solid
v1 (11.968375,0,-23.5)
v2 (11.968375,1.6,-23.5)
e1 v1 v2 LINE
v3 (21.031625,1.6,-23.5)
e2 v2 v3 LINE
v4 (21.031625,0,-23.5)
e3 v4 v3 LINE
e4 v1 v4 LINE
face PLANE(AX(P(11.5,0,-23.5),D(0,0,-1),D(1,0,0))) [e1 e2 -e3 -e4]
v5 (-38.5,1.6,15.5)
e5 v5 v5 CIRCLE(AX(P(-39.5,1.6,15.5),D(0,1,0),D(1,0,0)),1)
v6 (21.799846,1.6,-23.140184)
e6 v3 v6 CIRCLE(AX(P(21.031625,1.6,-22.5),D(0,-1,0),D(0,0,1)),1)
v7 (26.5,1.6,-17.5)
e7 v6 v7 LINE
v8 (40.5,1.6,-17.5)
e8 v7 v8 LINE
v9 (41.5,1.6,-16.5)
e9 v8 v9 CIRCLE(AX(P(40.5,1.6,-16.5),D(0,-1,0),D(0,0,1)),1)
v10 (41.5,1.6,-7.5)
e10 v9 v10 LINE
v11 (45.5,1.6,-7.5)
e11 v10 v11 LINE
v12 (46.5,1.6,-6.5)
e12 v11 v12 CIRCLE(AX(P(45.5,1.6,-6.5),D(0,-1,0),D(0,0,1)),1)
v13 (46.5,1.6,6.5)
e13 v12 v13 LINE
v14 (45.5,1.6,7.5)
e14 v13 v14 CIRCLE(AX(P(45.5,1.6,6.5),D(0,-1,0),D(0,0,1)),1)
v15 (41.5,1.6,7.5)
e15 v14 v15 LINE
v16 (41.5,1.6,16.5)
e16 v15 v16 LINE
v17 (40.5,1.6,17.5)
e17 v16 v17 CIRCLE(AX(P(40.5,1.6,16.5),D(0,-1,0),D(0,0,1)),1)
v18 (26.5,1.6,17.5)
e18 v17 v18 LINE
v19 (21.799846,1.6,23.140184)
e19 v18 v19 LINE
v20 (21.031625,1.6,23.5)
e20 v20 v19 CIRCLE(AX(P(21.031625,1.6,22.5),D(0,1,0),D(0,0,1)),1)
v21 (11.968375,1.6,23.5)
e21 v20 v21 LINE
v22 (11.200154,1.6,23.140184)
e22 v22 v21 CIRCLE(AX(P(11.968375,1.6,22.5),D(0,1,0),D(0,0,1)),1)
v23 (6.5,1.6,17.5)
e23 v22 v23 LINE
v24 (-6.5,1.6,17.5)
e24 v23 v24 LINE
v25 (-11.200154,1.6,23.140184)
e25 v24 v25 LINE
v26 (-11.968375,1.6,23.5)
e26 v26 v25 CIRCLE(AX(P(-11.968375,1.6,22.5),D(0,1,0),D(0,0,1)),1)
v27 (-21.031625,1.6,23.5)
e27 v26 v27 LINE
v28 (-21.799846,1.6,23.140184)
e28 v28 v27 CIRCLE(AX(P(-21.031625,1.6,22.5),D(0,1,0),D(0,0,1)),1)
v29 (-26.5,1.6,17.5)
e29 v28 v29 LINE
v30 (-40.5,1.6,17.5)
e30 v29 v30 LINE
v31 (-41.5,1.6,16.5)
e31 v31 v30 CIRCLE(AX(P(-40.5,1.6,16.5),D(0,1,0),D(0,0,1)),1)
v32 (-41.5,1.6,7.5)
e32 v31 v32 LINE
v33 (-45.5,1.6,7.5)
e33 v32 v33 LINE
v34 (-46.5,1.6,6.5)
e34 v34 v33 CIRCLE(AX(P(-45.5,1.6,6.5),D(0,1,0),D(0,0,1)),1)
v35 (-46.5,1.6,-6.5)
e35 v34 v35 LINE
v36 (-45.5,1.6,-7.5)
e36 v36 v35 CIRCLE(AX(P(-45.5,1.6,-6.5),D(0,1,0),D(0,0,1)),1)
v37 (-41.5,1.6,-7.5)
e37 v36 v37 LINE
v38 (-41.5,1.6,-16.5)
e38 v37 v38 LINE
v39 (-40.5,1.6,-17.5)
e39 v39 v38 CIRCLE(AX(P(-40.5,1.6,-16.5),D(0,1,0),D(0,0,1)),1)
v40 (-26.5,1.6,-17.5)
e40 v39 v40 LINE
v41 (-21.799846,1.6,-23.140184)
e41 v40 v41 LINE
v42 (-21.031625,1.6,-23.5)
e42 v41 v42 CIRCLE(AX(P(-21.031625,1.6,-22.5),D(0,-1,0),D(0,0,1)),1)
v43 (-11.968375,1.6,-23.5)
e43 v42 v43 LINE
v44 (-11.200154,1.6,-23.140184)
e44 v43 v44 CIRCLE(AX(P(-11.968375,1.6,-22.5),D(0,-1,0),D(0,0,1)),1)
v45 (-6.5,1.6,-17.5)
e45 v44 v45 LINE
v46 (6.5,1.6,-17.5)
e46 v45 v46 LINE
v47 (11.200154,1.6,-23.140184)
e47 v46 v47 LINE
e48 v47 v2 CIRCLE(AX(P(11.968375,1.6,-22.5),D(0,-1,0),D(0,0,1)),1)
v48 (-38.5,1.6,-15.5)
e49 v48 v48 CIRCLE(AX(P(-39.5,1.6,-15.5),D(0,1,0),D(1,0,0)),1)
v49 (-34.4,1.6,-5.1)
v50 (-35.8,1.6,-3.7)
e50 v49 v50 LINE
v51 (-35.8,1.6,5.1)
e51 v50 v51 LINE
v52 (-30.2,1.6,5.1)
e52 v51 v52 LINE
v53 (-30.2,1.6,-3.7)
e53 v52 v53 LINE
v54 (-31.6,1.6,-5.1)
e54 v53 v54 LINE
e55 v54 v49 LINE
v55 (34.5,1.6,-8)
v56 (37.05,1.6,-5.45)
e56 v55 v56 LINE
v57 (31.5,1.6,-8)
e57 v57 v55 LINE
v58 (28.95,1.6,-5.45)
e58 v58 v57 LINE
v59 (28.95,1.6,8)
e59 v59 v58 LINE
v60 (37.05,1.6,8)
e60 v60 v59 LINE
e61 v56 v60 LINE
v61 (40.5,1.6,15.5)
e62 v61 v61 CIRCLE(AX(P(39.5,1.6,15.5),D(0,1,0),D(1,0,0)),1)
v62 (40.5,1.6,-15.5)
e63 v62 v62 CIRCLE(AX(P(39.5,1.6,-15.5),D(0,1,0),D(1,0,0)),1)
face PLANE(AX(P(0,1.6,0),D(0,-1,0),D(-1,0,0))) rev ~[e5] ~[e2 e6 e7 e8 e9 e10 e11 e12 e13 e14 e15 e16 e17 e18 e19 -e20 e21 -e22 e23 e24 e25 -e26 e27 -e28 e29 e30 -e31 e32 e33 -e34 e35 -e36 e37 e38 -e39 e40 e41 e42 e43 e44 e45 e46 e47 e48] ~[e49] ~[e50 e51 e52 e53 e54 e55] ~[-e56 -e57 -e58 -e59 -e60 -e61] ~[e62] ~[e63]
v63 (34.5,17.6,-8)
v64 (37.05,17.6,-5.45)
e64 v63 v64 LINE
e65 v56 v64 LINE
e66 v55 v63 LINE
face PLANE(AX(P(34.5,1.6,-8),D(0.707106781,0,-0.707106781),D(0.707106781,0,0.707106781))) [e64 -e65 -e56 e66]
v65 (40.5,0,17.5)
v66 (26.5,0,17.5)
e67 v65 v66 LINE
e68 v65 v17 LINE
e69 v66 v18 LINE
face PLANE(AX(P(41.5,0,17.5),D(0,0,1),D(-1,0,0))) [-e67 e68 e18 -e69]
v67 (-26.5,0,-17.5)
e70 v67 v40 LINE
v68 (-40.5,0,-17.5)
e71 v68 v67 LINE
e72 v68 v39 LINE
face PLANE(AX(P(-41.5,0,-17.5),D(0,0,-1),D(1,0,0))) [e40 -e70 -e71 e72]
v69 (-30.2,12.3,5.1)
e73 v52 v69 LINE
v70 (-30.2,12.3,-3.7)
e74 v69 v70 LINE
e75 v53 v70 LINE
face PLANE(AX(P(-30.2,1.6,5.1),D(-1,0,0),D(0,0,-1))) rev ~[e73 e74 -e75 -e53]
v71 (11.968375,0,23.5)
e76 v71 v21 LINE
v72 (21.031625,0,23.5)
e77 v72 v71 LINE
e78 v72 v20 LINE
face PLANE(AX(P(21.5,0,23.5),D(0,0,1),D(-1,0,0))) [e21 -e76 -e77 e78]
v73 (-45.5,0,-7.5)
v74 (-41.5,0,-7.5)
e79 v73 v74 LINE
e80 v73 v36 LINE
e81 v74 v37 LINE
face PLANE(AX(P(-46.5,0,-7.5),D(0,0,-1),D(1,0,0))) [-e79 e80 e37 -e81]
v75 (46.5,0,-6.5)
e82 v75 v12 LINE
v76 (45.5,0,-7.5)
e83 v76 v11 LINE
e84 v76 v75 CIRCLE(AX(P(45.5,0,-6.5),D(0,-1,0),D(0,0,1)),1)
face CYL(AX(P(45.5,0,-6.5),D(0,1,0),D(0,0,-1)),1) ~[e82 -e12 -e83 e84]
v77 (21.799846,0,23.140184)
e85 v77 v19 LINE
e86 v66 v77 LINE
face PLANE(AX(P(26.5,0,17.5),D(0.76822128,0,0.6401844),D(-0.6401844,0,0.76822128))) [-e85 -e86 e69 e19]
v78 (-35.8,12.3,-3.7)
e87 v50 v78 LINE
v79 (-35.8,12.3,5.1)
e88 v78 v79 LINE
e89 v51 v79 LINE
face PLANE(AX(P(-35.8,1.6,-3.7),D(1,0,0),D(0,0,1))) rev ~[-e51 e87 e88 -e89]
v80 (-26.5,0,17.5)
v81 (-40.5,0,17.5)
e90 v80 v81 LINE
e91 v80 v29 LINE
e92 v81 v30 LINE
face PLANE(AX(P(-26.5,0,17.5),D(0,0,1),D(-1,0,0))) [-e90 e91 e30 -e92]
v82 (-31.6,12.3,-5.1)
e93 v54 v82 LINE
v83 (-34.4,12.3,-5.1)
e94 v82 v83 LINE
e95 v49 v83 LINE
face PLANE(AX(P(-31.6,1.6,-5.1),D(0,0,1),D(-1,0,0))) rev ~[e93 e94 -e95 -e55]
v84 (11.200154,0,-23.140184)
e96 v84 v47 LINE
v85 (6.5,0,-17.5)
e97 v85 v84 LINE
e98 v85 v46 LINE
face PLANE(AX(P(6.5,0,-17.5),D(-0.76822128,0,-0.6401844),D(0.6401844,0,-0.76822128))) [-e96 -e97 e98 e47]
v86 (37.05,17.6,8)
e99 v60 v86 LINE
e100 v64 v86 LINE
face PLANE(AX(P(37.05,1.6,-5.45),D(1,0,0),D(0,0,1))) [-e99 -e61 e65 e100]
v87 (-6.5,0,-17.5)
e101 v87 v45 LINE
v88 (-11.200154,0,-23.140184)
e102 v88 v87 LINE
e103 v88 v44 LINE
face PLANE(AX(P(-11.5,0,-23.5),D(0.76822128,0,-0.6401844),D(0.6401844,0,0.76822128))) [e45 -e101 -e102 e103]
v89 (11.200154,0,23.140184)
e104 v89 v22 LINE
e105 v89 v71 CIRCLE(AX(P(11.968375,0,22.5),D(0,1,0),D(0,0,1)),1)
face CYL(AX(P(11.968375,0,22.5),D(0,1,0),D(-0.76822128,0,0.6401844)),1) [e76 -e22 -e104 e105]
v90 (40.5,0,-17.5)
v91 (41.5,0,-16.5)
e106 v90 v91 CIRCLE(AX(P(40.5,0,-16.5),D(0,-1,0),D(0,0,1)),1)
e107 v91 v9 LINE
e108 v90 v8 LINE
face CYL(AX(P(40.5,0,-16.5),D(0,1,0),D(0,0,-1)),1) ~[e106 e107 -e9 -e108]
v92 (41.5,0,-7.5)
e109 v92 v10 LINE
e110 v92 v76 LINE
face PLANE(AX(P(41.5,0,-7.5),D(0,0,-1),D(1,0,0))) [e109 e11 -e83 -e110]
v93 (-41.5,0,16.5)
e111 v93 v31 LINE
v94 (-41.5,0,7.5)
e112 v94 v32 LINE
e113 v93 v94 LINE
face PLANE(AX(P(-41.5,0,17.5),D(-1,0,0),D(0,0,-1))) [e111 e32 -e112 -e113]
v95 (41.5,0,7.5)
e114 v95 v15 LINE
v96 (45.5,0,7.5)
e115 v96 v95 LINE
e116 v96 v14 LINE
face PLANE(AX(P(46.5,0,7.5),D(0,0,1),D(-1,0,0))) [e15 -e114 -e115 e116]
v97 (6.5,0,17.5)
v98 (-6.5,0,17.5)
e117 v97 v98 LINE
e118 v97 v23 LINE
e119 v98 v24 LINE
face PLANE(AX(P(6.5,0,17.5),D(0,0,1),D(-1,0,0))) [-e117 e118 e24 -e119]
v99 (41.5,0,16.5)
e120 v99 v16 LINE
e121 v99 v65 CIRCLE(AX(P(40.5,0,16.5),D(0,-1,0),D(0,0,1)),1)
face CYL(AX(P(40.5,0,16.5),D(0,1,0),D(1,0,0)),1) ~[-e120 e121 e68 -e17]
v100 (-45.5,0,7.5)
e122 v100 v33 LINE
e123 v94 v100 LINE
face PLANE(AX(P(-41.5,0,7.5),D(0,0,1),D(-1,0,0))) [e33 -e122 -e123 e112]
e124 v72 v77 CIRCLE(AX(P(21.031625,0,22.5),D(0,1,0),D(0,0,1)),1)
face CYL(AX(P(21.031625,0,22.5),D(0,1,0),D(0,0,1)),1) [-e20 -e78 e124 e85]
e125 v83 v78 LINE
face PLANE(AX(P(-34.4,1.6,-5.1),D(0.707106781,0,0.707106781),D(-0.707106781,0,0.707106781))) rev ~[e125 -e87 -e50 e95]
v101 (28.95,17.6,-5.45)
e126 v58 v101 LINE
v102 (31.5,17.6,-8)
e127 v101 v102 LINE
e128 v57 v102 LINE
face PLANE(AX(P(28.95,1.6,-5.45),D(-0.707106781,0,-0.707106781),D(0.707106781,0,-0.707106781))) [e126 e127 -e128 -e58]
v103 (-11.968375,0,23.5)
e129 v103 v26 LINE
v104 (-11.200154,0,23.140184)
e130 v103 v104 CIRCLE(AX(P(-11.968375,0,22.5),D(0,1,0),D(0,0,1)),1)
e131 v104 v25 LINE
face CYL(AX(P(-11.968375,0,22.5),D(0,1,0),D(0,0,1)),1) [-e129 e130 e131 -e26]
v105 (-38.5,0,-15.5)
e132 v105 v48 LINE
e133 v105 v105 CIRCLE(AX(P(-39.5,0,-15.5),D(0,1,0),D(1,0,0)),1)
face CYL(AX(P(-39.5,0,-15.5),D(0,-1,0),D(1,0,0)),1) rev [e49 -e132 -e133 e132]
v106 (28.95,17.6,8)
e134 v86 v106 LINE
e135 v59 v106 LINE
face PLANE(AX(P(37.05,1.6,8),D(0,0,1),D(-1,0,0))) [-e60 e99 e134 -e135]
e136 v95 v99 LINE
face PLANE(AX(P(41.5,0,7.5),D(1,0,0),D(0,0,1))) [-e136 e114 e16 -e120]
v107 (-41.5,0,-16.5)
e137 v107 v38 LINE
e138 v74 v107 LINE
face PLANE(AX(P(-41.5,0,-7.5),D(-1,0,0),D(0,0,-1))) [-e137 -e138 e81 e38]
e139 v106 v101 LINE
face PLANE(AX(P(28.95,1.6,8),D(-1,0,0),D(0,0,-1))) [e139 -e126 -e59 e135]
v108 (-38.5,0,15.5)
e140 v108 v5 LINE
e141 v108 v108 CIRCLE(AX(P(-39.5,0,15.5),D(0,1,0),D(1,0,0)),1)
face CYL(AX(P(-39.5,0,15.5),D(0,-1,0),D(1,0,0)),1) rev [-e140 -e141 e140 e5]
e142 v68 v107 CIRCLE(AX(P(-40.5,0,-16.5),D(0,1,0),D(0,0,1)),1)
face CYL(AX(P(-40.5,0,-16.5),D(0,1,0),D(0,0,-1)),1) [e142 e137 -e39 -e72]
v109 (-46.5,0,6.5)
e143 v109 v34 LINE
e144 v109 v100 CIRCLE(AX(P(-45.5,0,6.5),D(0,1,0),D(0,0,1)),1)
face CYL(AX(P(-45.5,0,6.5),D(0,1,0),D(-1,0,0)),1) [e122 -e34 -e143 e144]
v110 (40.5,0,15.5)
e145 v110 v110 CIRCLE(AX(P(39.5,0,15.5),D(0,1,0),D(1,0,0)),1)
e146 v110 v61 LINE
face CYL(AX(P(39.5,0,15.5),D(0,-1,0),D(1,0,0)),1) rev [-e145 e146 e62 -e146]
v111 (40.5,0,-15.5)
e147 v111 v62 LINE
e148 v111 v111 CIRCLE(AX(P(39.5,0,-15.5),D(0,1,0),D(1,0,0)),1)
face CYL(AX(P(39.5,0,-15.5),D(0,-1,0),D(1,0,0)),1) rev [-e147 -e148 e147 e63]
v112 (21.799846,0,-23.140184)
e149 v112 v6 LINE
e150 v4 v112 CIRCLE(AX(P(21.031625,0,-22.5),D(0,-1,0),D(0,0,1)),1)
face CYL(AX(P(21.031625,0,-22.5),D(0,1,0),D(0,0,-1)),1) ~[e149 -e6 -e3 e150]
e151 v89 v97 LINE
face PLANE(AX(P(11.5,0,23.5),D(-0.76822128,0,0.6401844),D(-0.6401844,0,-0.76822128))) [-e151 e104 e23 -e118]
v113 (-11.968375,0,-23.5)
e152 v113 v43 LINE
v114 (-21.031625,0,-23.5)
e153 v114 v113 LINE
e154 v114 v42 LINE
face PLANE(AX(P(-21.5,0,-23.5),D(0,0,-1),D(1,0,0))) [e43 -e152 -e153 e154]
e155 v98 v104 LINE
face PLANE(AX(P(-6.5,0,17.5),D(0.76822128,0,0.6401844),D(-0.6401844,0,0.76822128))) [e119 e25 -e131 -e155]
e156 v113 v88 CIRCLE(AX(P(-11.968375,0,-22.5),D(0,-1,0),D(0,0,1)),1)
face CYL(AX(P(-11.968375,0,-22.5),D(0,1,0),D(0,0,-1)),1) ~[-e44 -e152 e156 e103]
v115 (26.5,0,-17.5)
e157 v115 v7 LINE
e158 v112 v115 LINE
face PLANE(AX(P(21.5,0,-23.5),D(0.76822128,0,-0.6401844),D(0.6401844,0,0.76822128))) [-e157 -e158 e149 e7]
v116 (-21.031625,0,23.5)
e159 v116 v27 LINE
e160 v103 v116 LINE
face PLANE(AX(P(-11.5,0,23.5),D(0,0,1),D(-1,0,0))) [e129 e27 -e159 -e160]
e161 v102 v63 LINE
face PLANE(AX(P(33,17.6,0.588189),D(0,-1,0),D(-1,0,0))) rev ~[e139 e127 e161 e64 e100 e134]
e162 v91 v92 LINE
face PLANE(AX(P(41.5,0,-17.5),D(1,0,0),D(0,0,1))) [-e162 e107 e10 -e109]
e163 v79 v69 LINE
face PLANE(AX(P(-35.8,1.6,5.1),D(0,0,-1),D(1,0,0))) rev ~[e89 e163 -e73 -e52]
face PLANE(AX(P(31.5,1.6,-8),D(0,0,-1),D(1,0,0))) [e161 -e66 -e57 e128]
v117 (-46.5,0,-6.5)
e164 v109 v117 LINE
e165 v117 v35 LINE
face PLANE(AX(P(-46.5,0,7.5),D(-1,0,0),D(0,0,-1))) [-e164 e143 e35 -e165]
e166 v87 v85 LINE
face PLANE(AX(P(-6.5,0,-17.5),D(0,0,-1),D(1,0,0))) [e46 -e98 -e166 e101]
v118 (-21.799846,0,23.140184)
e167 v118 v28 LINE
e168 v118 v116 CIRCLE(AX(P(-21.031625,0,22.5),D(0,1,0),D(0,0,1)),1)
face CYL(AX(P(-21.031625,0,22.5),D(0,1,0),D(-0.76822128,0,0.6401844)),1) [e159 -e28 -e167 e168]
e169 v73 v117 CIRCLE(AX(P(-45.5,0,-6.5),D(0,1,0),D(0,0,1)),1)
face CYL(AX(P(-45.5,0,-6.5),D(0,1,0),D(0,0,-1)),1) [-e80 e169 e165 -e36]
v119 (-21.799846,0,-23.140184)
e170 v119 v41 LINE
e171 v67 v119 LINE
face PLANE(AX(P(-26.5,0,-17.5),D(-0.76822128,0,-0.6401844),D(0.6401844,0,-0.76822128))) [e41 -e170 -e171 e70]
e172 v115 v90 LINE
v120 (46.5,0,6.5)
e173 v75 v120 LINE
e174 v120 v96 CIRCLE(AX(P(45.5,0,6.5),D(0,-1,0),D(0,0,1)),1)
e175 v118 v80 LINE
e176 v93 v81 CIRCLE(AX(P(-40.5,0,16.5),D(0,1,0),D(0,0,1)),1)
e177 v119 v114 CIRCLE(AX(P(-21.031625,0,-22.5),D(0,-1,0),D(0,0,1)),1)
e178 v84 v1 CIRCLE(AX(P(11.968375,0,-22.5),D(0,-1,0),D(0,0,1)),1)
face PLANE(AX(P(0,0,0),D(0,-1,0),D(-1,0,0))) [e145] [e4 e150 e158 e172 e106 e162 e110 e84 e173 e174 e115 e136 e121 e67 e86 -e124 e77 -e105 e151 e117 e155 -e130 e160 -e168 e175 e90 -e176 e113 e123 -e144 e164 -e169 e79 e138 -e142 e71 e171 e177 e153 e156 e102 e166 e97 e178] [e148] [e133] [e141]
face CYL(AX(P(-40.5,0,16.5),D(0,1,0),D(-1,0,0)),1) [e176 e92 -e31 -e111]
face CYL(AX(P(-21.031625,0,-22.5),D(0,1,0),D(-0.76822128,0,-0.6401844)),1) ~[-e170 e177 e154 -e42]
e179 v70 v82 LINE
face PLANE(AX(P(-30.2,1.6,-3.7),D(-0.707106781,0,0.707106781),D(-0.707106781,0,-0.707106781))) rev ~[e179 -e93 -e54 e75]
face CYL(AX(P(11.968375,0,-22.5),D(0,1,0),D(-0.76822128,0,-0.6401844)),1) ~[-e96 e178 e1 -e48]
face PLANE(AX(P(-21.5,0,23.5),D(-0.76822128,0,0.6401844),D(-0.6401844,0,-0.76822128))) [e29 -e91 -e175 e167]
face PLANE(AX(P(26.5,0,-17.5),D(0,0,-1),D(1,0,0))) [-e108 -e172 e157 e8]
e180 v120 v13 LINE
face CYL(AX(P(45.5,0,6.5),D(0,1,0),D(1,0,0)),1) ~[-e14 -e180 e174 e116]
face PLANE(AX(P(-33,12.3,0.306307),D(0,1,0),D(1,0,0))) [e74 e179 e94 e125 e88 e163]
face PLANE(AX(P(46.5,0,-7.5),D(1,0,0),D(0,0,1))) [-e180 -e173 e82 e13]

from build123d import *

# Parameters (mm, degrees)
SKETCH_1_R = 1
PCB_DEPTH  = 1.6
XT60_DEPTH = 16
XT30_DEPTH = 10.7
FILLET_2_R = 1


with BuildPart() as part:
    # 草图1 → PCB (new body)
    with BuildSketch(Plane(origin=(0, 0, 0), x_dir=(1, 0, 0), z_dir=(0, 1, 0))):
        Polygon((-26.5, 17.5), (-21.5, 23.5), (-11.5, 23.5), (-6.5, 17.5), (6.5, 17.5), (11.5, 23.5), (21.5, 23.5), (26.5, 17.5), (41.5, 17.5), (41.5, 7.5), (46.5, 7.5), (46.5, -7.5), (41.5, -7.5), (41.5, -17.5), (26.5, -17.5), (21.5, -23.5), (11.5, -23.5), (6.5, -17.5), (-6.5, -17.5), (-11.5, -23.5), (-21.5, -23.5), (-26.5, -17.5), (-41.5, -17.5), (-41.5, -7.5), (-46.5, -7.5), (-46.5, 7.5), (-41.5, 7.5), (-41.5, 17.5), align=None)
        with Locations((-39.5, 15.5)):
            Circle(SKETCH_1_R, mode=Mode.SUBTRACT)
        with Locations((-39.5, -15.5)):
            Circle(SKETCH_1_R, mode=Mode.SUBTRACT)
        with Locations((39.5, -15.5)):
            Circle(SKETCH_1_R, mode=Mode.SUBTRACT)
        with Locations((39.5, 15.5)):
            Circle(SKETCH_1_R, mode=Mode.SUBTRACT)
    extrude(amount=PCB_DEPTH)

    # 草图3 → XT60 (add)
    with BuildSketch(Plane(origin=(0, 1.6, 0), x_dir=(1, 0, 0), z_dir=(0, 1, 0))):
        Polygon((28.95, 5.45), (31.5, 8), (34.5, 8), (37.05, 5.45), (37.05, -8), (28.95, -8), align=None)
    extrude(amount=XT60_DEPTH)

    # 草图4 → XT30 (add)
    with BuildSketch(Plane(origin=(0, 1.6, 0), x_dir=(1, 0, 0), z_dir=(0, 1, 0))):
        Polygon((-34.4, 5.1), (-35.8, 3.7), (-35.8, -5.1), (-30.2, -5.1), (-30.2, 3.7), (-31.6, 5.1), align=None)
    extrude(amount=XT30_DEPTH)

    # 圆角2
    fillet_2_edges = [part.edges().sort_by_distance(p)[0] for p in [
        (46.5, 0.8, -7.5),
        (46.5, 0.8, 7.5),
        (41.5, 0.8, 17.5),
        (21.5, 0.8, 23.5),
        (11.5, 0.8, 23.5),
        (-11.5, 0.8, 23.5),
        (-21.5, 0.8, 23.5),
        (-41.5, 0.8, 17.5),
        (-46.5, 0.8, 7.5),
        (-46.5, 0.8, -7.5),
        (-41.5, 0.8, -17.5),
        (-21.5, 0.8, -23.5),
        (-11.5, 0.8, -23.5),
        (11.5, 0.8, -23.5),
        (21.5, 0.8, -23.5),
        (41.5, 0.8, -17.5),
    ]]
    fillet(fillet_2_edges, radius=FILLET_2_R)


solid = part.part
